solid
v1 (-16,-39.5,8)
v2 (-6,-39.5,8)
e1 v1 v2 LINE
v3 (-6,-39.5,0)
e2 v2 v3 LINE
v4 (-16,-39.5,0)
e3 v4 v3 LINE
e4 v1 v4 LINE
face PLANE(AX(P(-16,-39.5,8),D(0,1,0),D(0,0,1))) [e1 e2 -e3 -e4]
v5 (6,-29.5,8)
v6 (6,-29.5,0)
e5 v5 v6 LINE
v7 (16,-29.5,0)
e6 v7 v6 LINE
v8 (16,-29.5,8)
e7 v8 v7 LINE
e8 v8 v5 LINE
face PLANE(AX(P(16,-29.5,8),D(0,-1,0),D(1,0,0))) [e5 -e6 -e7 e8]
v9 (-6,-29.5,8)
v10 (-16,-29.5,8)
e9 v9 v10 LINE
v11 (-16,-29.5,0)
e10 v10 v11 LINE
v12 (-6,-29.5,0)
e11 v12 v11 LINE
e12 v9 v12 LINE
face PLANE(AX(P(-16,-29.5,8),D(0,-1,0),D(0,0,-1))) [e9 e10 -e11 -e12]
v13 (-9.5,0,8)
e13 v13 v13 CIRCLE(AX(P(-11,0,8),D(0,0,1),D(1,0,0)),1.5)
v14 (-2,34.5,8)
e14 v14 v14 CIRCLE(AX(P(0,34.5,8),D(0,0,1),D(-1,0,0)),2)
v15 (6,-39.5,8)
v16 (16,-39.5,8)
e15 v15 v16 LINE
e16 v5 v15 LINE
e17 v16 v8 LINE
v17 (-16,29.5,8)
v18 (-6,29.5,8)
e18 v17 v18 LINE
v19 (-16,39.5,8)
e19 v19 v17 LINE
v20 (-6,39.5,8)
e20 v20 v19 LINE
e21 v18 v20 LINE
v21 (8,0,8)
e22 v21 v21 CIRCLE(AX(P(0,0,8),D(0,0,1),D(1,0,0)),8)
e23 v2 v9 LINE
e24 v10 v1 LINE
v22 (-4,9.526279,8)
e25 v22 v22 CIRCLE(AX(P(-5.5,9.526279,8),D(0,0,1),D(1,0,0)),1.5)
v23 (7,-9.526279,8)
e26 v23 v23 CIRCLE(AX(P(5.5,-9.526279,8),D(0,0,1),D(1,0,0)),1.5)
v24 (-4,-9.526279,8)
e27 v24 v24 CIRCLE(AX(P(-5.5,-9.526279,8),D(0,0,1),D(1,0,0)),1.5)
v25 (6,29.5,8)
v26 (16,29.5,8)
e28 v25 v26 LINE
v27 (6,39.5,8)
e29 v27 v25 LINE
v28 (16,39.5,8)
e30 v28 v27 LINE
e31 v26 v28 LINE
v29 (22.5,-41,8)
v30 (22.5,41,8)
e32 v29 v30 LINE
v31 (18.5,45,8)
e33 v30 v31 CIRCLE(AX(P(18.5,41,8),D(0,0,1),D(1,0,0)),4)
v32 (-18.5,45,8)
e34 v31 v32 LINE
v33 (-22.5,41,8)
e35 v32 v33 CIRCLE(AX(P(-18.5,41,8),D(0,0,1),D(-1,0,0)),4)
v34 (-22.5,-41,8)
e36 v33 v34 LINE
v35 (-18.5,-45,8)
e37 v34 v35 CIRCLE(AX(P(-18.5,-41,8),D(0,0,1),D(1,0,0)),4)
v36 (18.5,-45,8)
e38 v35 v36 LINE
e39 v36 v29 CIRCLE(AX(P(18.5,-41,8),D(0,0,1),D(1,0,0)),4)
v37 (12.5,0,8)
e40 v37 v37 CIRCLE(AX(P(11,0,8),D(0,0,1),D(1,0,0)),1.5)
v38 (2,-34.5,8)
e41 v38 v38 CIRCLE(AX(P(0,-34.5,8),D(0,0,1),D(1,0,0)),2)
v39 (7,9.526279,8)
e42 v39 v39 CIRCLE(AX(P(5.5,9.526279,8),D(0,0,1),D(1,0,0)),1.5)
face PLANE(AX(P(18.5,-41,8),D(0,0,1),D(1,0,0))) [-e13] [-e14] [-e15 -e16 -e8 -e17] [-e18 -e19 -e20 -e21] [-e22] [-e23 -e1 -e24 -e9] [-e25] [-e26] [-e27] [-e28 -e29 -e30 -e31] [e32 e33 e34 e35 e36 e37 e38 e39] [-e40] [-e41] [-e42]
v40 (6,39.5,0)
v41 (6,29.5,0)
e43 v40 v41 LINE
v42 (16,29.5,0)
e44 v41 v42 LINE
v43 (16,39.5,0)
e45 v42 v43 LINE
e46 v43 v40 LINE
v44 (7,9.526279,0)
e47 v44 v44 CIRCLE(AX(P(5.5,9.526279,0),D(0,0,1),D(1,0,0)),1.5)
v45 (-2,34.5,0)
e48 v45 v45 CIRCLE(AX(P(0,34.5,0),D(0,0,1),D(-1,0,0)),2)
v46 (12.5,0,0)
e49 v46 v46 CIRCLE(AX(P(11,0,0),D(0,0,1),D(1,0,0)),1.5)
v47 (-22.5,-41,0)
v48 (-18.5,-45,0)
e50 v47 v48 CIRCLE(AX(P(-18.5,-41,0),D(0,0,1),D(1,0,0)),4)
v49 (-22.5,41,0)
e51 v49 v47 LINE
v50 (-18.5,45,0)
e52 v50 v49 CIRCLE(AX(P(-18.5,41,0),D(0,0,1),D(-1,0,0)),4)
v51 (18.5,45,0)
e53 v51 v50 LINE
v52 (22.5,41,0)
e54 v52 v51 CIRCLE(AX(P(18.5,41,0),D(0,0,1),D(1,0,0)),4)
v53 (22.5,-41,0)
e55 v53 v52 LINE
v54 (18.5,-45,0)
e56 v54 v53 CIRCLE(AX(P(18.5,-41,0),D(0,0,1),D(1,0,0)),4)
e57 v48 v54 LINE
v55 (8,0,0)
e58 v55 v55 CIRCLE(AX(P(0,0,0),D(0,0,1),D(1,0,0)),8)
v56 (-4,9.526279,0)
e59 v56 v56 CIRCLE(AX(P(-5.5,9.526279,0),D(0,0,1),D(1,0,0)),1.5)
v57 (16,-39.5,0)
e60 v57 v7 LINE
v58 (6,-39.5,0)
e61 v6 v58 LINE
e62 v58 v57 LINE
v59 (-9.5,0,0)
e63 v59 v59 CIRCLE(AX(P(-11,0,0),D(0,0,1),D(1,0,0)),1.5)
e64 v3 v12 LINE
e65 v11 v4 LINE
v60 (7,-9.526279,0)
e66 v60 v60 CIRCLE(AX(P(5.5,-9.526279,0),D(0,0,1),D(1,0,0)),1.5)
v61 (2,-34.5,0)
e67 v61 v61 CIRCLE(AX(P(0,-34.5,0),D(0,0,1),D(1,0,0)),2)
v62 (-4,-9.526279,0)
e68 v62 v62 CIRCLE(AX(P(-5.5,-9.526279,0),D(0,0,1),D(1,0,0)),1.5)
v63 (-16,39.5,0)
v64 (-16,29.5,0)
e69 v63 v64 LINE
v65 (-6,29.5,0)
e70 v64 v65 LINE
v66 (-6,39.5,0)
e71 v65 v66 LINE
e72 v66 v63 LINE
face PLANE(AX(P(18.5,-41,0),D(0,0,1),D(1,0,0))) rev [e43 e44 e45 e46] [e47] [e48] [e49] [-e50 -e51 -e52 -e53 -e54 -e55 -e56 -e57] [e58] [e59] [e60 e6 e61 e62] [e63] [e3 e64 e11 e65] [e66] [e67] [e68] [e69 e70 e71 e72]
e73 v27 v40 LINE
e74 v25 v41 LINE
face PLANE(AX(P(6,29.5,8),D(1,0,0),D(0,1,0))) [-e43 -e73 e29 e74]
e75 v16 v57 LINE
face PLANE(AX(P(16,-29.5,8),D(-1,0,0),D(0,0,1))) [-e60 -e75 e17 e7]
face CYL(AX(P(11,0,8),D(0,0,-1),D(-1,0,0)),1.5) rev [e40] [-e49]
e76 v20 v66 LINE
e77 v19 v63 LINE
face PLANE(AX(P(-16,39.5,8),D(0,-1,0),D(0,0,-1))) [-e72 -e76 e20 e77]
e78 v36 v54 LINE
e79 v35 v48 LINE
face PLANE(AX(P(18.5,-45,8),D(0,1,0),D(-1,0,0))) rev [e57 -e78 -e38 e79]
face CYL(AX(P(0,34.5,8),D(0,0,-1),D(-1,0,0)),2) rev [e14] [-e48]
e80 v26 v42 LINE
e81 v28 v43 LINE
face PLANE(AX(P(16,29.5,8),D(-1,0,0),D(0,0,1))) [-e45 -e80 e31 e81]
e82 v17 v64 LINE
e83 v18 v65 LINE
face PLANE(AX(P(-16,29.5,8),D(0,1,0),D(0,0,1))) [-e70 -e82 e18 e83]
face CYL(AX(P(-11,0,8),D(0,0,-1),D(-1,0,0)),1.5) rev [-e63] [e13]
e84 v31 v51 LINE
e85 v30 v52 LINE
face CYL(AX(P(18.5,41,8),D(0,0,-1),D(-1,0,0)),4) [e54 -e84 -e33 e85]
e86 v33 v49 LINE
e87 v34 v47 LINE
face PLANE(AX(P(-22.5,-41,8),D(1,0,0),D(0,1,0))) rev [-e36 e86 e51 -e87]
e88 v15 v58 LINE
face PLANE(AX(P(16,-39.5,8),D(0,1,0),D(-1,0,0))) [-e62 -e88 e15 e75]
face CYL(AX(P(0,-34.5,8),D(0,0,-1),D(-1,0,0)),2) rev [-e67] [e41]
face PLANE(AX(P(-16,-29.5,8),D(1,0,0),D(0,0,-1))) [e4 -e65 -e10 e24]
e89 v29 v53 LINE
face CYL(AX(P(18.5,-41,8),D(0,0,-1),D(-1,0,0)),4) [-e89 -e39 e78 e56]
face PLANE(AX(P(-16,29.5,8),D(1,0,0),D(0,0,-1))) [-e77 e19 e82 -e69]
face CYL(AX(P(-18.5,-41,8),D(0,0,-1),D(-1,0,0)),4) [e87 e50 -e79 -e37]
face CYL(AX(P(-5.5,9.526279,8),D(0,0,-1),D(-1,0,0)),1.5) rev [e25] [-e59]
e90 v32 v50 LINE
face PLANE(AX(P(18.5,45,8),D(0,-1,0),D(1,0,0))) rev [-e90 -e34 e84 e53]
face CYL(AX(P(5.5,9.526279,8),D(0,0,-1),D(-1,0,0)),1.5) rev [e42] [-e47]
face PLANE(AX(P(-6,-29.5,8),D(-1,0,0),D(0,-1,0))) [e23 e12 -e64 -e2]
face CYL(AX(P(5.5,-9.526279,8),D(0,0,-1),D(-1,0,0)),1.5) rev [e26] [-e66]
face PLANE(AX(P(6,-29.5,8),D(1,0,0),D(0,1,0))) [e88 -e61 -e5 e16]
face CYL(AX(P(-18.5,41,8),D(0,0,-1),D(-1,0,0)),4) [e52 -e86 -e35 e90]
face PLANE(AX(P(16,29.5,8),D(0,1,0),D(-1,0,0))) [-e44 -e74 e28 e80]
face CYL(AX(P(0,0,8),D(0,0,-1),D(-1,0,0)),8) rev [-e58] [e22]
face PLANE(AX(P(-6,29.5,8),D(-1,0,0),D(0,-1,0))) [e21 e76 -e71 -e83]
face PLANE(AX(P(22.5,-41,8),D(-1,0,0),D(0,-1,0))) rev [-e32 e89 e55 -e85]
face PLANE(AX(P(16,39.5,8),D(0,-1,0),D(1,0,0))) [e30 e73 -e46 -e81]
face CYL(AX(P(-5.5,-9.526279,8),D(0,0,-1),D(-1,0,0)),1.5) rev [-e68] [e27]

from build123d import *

# Parameters (mm, degrees)
SKETCH1_R           = 8
SKETCH1_R_2         = 1.5
SKETCH1_R_3         = 2
SKETCH1_W           = 10
SKETCH1_H           = 10
BOSS_EXTRUDE2_DEPTH = 8


with BuildPart() as part:
    # Sketch1 → Boss-Extrude2 (new body)
    with BuildSketch(Plane.XY):
        with BuildLine():
            Line((18.5, -45), (-18.5, -45))
            ThreePointArc((-18.5, -45), (-21.328427125, -43.828427125), (-22.5, -41))
            Line((-22.5, -41), (-22.5, 41))
            ThreePointArc((-22.5, 41), (-21.328427125, 43.828427125), (-18.5, 45))
            Line((-18.5, 45), (18.5, 45))
            ThreePointArc((18.5, 45), (21.328427125, 43.828427125), (22.5, 41))
            Line((22.5, 41), (22.5, -41))
            ThreePointArc((22.5, -41), (21.328427125, -43.828427125), (18.5, -45))
        make_face()
        Circle(SKETCH1_R, mode=Mode.SUBTRACT)
        with Locations((-11, 0)):
            Circle(SKETCH1_R_2, mode=Mode.SUBTRACT)
        with Locations((-5.5, 9.526279442)):
            Circle(SKETCH1_R_2, mode=Mode.SUBTRACT)
        with Locations((5.5, 9.526279442)):
            Circle(SKETCH1_R_2, mode=Mode.SUBTRACT)
        with Locations((11, 0)):
            Circle(SKETCH1_R_2, mode=Mode.SUBTRACT)
        with Locations((5.5, -9.526279442)):
            Circle(SKETCH1_R_2, mode=Mode.SUBTRACT)
        with Locations((-5.5, -9.526279442)):
            Circle(SKETCH1_R_2, mode=Mode.SUBTRACT)
        with Locations((0, -34.5)):
            Circle(SKETCH1_R_3, mode=Mode.SUBTRACT)
        with Locations((0, 34.5)):
            Circle(SKETCH1_R_3, mode=Mode.SUBTRACT)
        with Locations((-11, -34.5)):
            Rectangle(SKETCH1_W, SKETCH1_H, mode=Mode.SUBTRACT)
        with Locations((11, -34.5)):
            Rectangle(SKETCH1_W, SKETCH1_H, mode=Mode.SUBTRACT)
        with Locations((11, 34.5)):
            Rectangle(SKETCH1_W, SKETCH1_H, mode=Mode.SUBTRACT)
        with Locations((-11, 34.5)):
            Rectangle(SKETCH1_W, SKETCH1_H, mode=Mode.SUBTRACT)
    extrude(amount=BOSS_EXTRUDE2_DEPTH)


solid = part.part
